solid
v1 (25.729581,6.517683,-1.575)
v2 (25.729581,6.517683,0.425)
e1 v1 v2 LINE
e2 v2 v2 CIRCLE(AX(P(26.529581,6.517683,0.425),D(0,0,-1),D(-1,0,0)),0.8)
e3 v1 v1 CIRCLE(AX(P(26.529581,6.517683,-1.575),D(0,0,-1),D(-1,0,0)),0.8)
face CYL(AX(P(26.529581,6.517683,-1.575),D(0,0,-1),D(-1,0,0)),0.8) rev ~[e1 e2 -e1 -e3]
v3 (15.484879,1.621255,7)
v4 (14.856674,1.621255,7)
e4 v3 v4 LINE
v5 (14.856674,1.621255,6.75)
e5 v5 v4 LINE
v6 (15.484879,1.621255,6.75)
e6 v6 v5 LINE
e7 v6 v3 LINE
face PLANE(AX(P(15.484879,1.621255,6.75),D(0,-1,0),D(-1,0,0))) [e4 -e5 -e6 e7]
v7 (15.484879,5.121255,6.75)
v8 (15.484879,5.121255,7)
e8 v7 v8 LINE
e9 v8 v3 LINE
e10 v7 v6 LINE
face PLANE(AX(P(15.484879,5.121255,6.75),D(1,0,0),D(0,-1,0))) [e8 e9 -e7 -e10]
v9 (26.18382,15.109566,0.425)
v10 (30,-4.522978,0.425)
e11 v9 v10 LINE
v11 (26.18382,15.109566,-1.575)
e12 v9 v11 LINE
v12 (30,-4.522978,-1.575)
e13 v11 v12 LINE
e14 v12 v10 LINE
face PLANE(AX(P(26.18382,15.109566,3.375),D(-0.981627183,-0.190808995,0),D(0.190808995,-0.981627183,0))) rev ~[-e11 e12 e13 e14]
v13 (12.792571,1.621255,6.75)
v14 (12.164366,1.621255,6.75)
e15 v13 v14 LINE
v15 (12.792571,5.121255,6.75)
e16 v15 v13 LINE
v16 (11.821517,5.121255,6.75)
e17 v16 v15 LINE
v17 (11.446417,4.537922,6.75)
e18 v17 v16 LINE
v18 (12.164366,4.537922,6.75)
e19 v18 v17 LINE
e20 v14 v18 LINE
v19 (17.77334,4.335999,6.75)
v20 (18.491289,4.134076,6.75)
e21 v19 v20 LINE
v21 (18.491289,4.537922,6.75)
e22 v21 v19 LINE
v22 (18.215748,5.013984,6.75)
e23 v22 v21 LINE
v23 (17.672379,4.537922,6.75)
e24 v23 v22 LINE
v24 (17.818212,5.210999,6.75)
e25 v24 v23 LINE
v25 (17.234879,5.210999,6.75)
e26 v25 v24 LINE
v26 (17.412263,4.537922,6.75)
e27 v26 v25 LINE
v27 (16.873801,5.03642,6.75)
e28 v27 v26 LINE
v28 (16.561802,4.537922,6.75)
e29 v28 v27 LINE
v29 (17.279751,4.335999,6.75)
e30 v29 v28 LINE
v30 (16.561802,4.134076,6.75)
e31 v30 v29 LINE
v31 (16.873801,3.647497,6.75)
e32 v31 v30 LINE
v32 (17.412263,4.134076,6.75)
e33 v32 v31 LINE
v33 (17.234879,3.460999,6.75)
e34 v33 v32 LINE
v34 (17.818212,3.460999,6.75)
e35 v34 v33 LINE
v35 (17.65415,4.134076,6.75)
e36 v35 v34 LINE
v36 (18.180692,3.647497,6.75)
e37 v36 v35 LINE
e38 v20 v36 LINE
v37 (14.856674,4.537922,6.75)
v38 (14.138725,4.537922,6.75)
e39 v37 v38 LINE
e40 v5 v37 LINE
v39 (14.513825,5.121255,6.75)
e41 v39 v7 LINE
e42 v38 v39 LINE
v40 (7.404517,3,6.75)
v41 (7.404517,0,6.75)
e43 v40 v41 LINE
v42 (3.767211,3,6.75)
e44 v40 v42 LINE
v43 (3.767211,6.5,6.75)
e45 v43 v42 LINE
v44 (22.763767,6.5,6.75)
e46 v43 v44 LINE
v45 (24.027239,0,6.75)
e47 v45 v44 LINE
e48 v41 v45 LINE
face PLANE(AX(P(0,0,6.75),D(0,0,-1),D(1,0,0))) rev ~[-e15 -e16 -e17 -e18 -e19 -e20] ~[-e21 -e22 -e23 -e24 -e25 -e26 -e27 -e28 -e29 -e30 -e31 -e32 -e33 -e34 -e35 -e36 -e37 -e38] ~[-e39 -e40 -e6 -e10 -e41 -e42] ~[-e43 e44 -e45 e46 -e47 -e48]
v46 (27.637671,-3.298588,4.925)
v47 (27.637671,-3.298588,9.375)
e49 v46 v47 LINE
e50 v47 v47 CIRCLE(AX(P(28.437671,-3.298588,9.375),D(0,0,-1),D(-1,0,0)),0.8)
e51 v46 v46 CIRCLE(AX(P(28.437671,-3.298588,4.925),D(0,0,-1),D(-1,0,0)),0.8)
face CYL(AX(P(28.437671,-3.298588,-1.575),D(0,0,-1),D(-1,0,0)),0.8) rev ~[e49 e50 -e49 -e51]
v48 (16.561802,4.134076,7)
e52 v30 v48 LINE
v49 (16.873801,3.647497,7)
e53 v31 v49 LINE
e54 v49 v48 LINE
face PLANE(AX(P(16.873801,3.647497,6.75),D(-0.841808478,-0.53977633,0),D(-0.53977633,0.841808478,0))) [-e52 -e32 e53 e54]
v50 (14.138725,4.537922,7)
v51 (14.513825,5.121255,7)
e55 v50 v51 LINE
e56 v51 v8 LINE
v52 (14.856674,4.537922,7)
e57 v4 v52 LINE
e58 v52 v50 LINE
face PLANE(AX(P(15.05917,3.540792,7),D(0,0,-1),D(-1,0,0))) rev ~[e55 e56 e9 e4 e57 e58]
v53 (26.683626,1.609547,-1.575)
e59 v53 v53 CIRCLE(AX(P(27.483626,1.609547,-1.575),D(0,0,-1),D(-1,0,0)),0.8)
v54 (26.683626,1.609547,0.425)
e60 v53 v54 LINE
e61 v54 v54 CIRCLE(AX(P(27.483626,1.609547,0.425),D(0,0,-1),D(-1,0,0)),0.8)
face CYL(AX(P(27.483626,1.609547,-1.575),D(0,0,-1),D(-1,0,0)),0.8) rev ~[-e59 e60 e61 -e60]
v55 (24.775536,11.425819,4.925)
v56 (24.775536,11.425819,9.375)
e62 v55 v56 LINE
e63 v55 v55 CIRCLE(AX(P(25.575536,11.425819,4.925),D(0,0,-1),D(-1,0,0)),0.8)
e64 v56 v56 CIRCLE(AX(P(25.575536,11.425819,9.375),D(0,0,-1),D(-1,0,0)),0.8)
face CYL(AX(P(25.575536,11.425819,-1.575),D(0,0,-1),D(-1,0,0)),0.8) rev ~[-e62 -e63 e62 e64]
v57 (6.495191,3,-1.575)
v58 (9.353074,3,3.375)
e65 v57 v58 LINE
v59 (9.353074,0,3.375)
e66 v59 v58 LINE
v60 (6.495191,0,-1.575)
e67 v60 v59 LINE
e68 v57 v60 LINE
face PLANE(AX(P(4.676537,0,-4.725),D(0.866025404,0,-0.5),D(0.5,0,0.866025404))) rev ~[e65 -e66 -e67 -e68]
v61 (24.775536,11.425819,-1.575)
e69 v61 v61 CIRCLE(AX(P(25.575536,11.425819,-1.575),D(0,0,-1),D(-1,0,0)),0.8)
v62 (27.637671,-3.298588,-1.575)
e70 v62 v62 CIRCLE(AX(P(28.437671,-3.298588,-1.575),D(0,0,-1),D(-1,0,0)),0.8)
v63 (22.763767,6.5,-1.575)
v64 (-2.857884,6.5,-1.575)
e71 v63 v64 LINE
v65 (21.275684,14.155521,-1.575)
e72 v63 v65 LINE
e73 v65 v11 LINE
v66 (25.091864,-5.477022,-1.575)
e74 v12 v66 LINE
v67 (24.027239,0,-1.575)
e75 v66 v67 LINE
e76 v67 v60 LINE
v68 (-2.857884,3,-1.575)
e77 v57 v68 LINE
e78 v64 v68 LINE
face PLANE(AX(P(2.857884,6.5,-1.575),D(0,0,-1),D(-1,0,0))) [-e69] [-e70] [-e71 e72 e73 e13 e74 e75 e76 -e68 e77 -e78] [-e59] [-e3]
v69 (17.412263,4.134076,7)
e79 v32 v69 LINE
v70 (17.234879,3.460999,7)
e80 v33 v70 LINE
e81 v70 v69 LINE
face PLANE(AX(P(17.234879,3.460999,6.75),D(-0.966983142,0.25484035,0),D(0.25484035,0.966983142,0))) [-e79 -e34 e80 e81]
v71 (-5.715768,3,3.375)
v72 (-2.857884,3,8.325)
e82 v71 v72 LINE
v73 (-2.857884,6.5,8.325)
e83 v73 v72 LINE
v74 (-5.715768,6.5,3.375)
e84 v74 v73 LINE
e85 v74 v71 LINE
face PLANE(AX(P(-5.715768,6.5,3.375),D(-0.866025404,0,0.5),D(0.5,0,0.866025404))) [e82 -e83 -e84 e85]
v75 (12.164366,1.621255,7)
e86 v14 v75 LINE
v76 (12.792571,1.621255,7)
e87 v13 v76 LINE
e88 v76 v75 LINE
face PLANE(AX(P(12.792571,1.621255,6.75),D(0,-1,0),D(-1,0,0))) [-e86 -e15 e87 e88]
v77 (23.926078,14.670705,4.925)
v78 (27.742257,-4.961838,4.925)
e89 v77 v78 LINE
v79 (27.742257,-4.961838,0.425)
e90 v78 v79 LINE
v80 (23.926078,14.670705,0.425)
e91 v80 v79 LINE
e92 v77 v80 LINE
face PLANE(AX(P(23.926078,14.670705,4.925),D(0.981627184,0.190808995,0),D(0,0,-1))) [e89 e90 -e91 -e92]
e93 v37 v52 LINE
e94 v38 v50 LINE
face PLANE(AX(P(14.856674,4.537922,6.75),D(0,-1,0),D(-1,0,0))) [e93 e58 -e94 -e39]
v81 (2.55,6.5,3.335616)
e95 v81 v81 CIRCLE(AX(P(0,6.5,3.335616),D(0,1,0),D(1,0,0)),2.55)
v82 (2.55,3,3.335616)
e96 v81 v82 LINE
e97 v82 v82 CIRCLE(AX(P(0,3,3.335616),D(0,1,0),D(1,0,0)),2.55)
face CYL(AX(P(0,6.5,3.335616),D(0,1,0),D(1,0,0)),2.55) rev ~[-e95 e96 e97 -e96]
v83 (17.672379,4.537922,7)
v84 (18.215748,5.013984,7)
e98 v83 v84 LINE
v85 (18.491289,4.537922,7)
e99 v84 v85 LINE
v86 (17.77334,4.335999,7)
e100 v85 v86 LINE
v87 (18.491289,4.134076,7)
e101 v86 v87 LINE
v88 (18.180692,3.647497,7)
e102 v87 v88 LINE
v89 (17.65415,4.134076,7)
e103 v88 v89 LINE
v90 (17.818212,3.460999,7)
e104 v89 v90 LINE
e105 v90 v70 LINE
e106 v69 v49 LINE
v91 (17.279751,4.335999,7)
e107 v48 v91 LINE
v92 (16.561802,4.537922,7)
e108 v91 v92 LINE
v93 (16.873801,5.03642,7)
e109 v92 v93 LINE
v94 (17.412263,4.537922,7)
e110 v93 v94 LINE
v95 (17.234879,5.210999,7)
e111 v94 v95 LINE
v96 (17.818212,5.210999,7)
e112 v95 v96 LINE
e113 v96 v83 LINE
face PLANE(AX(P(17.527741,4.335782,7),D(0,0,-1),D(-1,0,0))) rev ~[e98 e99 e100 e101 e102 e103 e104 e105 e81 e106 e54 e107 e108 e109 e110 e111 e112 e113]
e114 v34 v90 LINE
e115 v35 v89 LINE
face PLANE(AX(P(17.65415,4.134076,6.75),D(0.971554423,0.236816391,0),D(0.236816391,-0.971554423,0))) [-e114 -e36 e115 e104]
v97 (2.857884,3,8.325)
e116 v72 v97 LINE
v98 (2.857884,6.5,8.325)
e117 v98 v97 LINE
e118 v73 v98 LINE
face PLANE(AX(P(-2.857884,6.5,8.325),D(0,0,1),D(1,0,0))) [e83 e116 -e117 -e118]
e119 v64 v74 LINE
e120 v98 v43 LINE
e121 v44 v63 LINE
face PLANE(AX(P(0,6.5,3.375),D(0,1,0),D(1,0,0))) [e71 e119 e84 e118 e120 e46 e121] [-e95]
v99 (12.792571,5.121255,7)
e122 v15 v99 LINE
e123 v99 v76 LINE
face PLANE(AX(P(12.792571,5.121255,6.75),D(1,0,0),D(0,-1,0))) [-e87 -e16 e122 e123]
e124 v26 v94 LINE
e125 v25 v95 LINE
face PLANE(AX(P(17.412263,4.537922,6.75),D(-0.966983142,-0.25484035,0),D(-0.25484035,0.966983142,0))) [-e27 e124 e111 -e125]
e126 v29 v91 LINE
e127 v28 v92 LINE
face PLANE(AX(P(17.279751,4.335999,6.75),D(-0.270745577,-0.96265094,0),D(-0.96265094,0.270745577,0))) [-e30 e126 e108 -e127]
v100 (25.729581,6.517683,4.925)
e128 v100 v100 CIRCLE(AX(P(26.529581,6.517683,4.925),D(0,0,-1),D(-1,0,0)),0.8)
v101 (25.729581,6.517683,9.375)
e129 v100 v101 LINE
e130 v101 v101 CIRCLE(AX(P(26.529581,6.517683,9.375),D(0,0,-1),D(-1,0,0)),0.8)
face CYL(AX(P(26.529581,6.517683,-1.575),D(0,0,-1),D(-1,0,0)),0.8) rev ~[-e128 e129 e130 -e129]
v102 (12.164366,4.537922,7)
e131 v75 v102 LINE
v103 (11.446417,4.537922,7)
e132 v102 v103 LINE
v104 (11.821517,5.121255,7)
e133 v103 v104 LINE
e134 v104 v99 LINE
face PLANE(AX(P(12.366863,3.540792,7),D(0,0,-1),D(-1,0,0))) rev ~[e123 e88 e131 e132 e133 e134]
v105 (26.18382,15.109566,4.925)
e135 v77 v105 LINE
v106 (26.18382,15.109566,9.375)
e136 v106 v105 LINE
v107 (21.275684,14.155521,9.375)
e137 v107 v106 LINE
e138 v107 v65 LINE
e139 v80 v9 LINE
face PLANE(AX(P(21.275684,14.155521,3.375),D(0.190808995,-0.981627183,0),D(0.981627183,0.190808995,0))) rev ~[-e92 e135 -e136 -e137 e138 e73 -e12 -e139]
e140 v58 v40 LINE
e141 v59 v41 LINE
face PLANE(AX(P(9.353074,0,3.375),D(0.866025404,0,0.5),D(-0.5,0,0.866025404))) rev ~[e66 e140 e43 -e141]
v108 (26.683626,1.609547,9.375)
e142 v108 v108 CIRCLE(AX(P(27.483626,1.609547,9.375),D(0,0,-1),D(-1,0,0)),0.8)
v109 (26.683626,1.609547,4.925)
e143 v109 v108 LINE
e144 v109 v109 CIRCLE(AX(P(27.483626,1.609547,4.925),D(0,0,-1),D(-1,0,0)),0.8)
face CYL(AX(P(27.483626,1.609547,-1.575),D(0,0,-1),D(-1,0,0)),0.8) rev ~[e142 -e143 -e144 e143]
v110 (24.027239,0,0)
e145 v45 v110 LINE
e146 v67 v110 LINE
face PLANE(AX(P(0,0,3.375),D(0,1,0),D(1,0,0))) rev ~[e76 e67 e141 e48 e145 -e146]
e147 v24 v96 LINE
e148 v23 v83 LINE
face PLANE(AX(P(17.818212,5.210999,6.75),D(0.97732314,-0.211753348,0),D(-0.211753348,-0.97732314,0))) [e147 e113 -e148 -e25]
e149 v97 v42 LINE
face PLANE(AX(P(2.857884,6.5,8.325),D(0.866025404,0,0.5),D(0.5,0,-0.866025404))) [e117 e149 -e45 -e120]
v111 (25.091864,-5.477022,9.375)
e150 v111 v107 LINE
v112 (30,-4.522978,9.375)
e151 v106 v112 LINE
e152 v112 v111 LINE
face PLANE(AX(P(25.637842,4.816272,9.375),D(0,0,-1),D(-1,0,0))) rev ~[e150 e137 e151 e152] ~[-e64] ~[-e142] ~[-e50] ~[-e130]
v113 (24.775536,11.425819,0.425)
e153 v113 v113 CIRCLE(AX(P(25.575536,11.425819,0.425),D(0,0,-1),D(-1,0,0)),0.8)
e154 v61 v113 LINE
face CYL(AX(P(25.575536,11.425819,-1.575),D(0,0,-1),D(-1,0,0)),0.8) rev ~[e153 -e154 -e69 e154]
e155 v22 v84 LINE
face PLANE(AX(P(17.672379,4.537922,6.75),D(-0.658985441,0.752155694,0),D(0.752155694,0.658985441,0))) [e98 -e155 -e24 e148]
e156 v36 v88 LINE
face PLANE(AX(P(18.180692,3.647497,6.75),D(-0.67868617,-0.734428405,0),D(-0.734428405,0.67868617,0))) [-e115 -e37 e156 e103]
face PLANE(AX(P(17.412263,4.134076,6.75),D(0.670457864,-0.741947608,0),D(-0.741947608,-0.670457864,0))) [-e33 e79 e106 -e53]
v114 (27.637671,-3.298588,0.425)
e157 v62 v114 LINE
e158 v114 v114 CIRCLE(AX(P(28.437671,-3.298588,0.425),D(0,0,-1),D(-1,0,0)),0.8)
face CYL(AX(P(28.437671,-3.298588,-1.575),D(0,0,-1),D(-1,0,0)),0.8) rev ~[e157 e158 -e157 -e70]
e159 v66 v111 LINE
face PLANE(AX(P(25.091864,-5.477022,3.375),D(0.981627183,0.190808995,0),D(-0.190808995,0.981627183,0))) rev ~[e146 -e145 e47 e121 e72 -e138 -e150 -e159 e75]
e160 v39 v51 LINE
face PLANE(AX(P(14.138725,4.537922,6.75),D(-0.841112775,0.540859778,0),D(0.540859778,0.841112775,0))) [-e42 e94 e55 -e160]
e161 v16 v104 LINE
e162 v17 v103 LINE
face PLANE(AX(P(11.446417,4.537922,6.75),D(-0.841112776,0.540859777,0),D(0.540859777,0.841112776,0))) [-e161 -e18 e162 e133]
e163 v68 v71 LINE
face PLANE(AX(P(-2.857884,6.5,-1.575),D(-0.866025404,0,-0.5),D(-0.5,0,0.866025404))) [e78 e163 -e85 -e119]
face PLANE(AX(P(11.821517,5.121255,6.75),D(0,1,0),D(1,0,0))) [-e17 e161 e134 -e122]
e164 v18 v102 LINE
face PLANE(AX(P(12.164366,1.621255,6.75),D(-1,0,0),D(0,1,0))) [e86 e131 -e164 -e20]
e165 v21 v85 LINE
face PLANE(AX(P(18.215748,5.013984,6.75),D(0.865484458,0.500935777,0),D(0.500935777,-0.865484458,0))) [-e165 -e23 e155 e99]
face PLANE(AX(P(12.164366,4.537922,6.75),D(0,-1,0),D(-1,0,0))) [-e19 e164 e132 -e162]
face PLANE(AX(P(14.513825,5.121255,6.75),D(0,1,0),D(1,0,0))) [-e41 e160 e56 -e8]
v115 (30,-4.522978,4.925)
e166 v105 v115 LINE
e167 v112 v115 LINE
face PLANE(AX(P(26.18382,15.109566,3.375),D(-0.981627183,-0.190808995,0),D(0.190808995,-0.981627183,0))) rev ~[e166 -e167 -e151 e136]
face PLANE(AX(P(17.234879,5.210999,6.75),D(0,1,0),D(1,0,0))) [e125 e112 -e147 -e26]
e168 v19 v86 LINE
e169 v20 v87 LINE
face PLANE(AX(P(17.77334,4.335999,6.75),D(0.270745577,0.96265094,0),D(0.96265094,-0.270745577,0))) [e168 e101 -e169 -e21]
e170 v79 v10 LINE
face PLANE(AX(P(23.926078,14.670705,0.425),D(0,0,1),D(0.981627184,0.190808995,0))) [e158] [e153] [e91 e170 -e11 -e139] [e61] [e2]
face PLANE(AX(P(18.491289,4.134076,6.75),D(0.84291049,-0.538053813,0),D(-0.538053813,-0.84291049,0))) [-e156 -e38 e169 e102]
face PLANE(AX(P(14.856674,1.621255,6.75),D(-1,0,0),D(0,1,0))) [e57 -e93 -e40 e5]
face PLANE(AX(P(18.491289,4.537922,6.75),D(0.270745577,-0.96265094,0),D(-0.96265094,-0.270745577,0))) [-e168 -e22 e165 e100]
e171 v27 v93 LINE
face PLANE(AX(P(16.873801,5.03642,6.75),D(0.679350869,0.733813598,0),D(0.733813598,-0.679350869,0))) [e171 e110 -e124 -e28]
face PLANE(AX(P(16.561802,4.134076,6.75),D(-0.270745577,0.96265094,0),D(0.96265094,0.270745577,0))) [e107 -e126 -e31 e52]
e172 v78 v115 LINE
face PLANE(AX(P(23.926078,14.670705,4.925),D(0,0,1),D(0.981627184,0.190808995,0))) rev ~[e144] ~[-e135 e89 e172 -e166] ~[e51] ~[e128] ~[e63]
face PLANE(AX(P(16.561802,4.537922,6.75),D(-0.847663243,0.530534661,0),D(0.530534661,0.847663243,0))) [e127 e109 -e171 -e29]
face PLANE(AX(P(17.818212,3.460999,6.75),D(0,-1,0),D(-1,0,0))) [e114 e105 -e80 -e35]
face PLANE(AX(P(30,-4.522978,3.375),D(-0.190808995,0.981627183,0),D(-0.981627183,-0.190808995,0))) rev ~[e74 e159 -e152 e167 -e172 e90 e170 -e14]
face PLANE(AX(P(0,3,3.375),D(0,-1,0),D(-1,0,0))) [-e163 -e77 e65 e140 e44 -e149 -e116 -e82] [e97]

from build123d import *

# Parameters (mm, degrees)
SKETCH1_W                = 25
SKETCH1_H                = 6.75
BOSS_EXTRUDE1_DEPTH      = 6.5
BOSS_EXTRUDE4_DEPTH      = 6.5
BOSS_EXTRUDE3_DEPTH      = 6
BOSS_EXTRUDE3_DEPTH_BACK = 4.95
SKETCH4_W                = 2.3
SKETCH4_H                = 4.5
CUT_EXTRUDE1_DEPTH       = 23
SKETCH6_R                = 2.55
CUT_EXTRUDE2_DEPTH       = 10
BOSS_EXTRUDE5_DEPTH      = 1.575
CUT_EXTRUDE3_DEPTH       = 3
SKETCH9_R                = 0.8
CUT_EXTRUDE4_DEPTH       = 10.95
BOSS_EXTRUDE6_DEPTH      = 0.25


with BuildPart() as part:
    # Sketch1 → Boss-Extrude1 (new body)
    with BuildSketch(Plane(origin=(0, 0, 0), x_dir=(1, 0, 0), z_dir=(0, 1, 0))):
        with Locations((12.5, -3.375)):
            Rectangle(SKETCH1_W, SKETCH1_H)
    extrude(amount=BOSS_EXTRUDE1_DEPTH)

    # Sketch5 → Boss-Extrude4 (add)
    with BuildSketch(Plane(origin=(0, 6.5, 0), x_dir=(1, 0, 0), z_dir=(0, 1, 0))):
        Polygon((-5.715767665, -3.375), (-2.857883832, -8.325), (2.857883832, -8.325), (5.715767665, -3.375), (2.857883832, 1.575), (-2.857883832, 1.575), align=None)
    extrude(amount=-BOSS_EXTRUDE4_DEPTH)

    # Sketch3 → Boss-Extrude3 (add, two sides)
    with BuildSketch(Plane.XY.offset(3.375)) as boss_extrude3_sk:
        Polygon((21.275684175, 14.155521181), (26.183820092, 15.109566157), (30, -4.522977512), (25.091864083, -5.477022488), align=None)
    extrude(amount=BOSS_EXTRUDE3_DEPTH)
    extrude(boss_extrude3_sk.sketch, amount=-BOSS_EXTRUDE3_DEPTH_BACK)

    # Sketch4 → Cut-Extrude1 (cut)
    with BuildSketch(Plane(origin=(-1.876769127, 9.65514015, 0), x_dir=(0.981627183, 0.190808995, 0), z_dir=(-0.190808995, 0.981627183, 0))):
        with Locations((27.435790708, -2.675)):
            Rectangle(SKETCH4_W, SKETCH4_H)
    extrude(amount=-CUT_EXTRUDE1_DEPTH, mode=Mode.SUBTRACT)

    # Sketch6 → Cut-Extrude2 (cut)
    with BuildSketch(Plane(origin=(0, 6.5, 0), x_dir=(1, 0, 0), z_dir=(0, 1, 0))):
        with Locations((0, -3.335615973)):
            Circle(SKETCH6_R)
    extrude(amount=-CUT_EXTRUDE2_DEPTH, mode=Mode.SUBTRACT)

    # Sketch7 → Boss-Extrude5 (add)
    with BuildSketch(Plane(origin=(0, 0, -1.575), x_dir=(-1, 0, 0), z_dir=(0, 0, -1))):
        Polygon((-2.857883832, 0), (-24.027238758, 0), (-25.091864083, -5.477022488), (-30, -4.522977512), (-26.183820092, 15.109566157), (-21.275684175, 14.155521181), (-22.763766749, 6.5), (-2.857883832, 6.5), align=None)
    extrude(amount=-BOSS_EXTRUDE5_DEPTH)

    # Sketch8 → Cut-Extrude3 (cut)
    with BuildSketch(Plane(origin=(0, 0, 0), x_dir=(-1, 0, 0), z_dir=(0, -1, 0))):
        Polygon((-4.67653718, -11.475), (4.67653718, -11.475), (9.353074361, -3.375), (4.67653718, 4.725), (-4.67653718, 4.725), (-9.353074361, -3.375), align=None)
    extrude(amount=-CUT_EXTRUDE3_DEPTH, mode=Mode.SUBTRACT)

    # Sketch9 → Cut-Extrude4 (cut)
    with BuildSketch(Plane(origin=(0, 0, -1.575), x_dir=(-1, 0, 0), z_dir=(0, 0, -1))):
        with Locations((-28.437671168, -3.29858843)):
            Circle(SKETCH9_R)
        with Locations((-27.483626192, 1.609547487)):
            Circle(SKETCH9_R)
        with Locations((-26.529581215, 6.517683404)):
            Circle(SKETCH9_R)
        with Locations((-25.575536238, 11.425819321)):
            Circle(SKETCH9_R)
    extrude(amount=-CUT_EXTRUDE4_DEPTH, mode=Mode.SUBTRACT)

    # Sketch10 → Boss-Extrude6 (add)
    with BuildSketch(Plane.XY.offset(6.75)):
        Polygon((11.821517388, 5.121255448), (12.792571074, 5.121255448), (12.792571074, 1.621255448), (12.164365946, 1.621255448), (12.164365946, 4.537922115), (11.446417228, 4.537922115), align=None)
        Polygon((14.513825081, 5.121255448), (15.484878766, 5.121255448), (15.484878766, 1.621255448), (14.856673638, 1.621255448), (14.856673638, 4.537922115), (14.13872492, 4.537922115), align=None)
        Polygon((17.234878766, 5.210999038), (17.8182121, 5.210999038), (17.672378766, 4.537922115), (18.215748157, 5.013983814), (18.491289023, 4.537922115), (17.773340305, 4.335999038), (18.491289023, 4.134075961), (18.180692068, 3.647497435), (17.6541496, 4.134075961), (17.8182121, 3.460999038), (17.234878766, 3.460999038), (17.412262581, 4.134075961), (16.873801042, 3.647497435), (16.561801843, 4.134075961), (17.279750561, 4.335999038), (16.561801843, 4.537922115), (16.873801042, 5.036419711), (17.412262581, 4.537922115), align=None)
    extrude(amount=BOSS_EXTRUDE6_DEPTH)


solid = part.part
